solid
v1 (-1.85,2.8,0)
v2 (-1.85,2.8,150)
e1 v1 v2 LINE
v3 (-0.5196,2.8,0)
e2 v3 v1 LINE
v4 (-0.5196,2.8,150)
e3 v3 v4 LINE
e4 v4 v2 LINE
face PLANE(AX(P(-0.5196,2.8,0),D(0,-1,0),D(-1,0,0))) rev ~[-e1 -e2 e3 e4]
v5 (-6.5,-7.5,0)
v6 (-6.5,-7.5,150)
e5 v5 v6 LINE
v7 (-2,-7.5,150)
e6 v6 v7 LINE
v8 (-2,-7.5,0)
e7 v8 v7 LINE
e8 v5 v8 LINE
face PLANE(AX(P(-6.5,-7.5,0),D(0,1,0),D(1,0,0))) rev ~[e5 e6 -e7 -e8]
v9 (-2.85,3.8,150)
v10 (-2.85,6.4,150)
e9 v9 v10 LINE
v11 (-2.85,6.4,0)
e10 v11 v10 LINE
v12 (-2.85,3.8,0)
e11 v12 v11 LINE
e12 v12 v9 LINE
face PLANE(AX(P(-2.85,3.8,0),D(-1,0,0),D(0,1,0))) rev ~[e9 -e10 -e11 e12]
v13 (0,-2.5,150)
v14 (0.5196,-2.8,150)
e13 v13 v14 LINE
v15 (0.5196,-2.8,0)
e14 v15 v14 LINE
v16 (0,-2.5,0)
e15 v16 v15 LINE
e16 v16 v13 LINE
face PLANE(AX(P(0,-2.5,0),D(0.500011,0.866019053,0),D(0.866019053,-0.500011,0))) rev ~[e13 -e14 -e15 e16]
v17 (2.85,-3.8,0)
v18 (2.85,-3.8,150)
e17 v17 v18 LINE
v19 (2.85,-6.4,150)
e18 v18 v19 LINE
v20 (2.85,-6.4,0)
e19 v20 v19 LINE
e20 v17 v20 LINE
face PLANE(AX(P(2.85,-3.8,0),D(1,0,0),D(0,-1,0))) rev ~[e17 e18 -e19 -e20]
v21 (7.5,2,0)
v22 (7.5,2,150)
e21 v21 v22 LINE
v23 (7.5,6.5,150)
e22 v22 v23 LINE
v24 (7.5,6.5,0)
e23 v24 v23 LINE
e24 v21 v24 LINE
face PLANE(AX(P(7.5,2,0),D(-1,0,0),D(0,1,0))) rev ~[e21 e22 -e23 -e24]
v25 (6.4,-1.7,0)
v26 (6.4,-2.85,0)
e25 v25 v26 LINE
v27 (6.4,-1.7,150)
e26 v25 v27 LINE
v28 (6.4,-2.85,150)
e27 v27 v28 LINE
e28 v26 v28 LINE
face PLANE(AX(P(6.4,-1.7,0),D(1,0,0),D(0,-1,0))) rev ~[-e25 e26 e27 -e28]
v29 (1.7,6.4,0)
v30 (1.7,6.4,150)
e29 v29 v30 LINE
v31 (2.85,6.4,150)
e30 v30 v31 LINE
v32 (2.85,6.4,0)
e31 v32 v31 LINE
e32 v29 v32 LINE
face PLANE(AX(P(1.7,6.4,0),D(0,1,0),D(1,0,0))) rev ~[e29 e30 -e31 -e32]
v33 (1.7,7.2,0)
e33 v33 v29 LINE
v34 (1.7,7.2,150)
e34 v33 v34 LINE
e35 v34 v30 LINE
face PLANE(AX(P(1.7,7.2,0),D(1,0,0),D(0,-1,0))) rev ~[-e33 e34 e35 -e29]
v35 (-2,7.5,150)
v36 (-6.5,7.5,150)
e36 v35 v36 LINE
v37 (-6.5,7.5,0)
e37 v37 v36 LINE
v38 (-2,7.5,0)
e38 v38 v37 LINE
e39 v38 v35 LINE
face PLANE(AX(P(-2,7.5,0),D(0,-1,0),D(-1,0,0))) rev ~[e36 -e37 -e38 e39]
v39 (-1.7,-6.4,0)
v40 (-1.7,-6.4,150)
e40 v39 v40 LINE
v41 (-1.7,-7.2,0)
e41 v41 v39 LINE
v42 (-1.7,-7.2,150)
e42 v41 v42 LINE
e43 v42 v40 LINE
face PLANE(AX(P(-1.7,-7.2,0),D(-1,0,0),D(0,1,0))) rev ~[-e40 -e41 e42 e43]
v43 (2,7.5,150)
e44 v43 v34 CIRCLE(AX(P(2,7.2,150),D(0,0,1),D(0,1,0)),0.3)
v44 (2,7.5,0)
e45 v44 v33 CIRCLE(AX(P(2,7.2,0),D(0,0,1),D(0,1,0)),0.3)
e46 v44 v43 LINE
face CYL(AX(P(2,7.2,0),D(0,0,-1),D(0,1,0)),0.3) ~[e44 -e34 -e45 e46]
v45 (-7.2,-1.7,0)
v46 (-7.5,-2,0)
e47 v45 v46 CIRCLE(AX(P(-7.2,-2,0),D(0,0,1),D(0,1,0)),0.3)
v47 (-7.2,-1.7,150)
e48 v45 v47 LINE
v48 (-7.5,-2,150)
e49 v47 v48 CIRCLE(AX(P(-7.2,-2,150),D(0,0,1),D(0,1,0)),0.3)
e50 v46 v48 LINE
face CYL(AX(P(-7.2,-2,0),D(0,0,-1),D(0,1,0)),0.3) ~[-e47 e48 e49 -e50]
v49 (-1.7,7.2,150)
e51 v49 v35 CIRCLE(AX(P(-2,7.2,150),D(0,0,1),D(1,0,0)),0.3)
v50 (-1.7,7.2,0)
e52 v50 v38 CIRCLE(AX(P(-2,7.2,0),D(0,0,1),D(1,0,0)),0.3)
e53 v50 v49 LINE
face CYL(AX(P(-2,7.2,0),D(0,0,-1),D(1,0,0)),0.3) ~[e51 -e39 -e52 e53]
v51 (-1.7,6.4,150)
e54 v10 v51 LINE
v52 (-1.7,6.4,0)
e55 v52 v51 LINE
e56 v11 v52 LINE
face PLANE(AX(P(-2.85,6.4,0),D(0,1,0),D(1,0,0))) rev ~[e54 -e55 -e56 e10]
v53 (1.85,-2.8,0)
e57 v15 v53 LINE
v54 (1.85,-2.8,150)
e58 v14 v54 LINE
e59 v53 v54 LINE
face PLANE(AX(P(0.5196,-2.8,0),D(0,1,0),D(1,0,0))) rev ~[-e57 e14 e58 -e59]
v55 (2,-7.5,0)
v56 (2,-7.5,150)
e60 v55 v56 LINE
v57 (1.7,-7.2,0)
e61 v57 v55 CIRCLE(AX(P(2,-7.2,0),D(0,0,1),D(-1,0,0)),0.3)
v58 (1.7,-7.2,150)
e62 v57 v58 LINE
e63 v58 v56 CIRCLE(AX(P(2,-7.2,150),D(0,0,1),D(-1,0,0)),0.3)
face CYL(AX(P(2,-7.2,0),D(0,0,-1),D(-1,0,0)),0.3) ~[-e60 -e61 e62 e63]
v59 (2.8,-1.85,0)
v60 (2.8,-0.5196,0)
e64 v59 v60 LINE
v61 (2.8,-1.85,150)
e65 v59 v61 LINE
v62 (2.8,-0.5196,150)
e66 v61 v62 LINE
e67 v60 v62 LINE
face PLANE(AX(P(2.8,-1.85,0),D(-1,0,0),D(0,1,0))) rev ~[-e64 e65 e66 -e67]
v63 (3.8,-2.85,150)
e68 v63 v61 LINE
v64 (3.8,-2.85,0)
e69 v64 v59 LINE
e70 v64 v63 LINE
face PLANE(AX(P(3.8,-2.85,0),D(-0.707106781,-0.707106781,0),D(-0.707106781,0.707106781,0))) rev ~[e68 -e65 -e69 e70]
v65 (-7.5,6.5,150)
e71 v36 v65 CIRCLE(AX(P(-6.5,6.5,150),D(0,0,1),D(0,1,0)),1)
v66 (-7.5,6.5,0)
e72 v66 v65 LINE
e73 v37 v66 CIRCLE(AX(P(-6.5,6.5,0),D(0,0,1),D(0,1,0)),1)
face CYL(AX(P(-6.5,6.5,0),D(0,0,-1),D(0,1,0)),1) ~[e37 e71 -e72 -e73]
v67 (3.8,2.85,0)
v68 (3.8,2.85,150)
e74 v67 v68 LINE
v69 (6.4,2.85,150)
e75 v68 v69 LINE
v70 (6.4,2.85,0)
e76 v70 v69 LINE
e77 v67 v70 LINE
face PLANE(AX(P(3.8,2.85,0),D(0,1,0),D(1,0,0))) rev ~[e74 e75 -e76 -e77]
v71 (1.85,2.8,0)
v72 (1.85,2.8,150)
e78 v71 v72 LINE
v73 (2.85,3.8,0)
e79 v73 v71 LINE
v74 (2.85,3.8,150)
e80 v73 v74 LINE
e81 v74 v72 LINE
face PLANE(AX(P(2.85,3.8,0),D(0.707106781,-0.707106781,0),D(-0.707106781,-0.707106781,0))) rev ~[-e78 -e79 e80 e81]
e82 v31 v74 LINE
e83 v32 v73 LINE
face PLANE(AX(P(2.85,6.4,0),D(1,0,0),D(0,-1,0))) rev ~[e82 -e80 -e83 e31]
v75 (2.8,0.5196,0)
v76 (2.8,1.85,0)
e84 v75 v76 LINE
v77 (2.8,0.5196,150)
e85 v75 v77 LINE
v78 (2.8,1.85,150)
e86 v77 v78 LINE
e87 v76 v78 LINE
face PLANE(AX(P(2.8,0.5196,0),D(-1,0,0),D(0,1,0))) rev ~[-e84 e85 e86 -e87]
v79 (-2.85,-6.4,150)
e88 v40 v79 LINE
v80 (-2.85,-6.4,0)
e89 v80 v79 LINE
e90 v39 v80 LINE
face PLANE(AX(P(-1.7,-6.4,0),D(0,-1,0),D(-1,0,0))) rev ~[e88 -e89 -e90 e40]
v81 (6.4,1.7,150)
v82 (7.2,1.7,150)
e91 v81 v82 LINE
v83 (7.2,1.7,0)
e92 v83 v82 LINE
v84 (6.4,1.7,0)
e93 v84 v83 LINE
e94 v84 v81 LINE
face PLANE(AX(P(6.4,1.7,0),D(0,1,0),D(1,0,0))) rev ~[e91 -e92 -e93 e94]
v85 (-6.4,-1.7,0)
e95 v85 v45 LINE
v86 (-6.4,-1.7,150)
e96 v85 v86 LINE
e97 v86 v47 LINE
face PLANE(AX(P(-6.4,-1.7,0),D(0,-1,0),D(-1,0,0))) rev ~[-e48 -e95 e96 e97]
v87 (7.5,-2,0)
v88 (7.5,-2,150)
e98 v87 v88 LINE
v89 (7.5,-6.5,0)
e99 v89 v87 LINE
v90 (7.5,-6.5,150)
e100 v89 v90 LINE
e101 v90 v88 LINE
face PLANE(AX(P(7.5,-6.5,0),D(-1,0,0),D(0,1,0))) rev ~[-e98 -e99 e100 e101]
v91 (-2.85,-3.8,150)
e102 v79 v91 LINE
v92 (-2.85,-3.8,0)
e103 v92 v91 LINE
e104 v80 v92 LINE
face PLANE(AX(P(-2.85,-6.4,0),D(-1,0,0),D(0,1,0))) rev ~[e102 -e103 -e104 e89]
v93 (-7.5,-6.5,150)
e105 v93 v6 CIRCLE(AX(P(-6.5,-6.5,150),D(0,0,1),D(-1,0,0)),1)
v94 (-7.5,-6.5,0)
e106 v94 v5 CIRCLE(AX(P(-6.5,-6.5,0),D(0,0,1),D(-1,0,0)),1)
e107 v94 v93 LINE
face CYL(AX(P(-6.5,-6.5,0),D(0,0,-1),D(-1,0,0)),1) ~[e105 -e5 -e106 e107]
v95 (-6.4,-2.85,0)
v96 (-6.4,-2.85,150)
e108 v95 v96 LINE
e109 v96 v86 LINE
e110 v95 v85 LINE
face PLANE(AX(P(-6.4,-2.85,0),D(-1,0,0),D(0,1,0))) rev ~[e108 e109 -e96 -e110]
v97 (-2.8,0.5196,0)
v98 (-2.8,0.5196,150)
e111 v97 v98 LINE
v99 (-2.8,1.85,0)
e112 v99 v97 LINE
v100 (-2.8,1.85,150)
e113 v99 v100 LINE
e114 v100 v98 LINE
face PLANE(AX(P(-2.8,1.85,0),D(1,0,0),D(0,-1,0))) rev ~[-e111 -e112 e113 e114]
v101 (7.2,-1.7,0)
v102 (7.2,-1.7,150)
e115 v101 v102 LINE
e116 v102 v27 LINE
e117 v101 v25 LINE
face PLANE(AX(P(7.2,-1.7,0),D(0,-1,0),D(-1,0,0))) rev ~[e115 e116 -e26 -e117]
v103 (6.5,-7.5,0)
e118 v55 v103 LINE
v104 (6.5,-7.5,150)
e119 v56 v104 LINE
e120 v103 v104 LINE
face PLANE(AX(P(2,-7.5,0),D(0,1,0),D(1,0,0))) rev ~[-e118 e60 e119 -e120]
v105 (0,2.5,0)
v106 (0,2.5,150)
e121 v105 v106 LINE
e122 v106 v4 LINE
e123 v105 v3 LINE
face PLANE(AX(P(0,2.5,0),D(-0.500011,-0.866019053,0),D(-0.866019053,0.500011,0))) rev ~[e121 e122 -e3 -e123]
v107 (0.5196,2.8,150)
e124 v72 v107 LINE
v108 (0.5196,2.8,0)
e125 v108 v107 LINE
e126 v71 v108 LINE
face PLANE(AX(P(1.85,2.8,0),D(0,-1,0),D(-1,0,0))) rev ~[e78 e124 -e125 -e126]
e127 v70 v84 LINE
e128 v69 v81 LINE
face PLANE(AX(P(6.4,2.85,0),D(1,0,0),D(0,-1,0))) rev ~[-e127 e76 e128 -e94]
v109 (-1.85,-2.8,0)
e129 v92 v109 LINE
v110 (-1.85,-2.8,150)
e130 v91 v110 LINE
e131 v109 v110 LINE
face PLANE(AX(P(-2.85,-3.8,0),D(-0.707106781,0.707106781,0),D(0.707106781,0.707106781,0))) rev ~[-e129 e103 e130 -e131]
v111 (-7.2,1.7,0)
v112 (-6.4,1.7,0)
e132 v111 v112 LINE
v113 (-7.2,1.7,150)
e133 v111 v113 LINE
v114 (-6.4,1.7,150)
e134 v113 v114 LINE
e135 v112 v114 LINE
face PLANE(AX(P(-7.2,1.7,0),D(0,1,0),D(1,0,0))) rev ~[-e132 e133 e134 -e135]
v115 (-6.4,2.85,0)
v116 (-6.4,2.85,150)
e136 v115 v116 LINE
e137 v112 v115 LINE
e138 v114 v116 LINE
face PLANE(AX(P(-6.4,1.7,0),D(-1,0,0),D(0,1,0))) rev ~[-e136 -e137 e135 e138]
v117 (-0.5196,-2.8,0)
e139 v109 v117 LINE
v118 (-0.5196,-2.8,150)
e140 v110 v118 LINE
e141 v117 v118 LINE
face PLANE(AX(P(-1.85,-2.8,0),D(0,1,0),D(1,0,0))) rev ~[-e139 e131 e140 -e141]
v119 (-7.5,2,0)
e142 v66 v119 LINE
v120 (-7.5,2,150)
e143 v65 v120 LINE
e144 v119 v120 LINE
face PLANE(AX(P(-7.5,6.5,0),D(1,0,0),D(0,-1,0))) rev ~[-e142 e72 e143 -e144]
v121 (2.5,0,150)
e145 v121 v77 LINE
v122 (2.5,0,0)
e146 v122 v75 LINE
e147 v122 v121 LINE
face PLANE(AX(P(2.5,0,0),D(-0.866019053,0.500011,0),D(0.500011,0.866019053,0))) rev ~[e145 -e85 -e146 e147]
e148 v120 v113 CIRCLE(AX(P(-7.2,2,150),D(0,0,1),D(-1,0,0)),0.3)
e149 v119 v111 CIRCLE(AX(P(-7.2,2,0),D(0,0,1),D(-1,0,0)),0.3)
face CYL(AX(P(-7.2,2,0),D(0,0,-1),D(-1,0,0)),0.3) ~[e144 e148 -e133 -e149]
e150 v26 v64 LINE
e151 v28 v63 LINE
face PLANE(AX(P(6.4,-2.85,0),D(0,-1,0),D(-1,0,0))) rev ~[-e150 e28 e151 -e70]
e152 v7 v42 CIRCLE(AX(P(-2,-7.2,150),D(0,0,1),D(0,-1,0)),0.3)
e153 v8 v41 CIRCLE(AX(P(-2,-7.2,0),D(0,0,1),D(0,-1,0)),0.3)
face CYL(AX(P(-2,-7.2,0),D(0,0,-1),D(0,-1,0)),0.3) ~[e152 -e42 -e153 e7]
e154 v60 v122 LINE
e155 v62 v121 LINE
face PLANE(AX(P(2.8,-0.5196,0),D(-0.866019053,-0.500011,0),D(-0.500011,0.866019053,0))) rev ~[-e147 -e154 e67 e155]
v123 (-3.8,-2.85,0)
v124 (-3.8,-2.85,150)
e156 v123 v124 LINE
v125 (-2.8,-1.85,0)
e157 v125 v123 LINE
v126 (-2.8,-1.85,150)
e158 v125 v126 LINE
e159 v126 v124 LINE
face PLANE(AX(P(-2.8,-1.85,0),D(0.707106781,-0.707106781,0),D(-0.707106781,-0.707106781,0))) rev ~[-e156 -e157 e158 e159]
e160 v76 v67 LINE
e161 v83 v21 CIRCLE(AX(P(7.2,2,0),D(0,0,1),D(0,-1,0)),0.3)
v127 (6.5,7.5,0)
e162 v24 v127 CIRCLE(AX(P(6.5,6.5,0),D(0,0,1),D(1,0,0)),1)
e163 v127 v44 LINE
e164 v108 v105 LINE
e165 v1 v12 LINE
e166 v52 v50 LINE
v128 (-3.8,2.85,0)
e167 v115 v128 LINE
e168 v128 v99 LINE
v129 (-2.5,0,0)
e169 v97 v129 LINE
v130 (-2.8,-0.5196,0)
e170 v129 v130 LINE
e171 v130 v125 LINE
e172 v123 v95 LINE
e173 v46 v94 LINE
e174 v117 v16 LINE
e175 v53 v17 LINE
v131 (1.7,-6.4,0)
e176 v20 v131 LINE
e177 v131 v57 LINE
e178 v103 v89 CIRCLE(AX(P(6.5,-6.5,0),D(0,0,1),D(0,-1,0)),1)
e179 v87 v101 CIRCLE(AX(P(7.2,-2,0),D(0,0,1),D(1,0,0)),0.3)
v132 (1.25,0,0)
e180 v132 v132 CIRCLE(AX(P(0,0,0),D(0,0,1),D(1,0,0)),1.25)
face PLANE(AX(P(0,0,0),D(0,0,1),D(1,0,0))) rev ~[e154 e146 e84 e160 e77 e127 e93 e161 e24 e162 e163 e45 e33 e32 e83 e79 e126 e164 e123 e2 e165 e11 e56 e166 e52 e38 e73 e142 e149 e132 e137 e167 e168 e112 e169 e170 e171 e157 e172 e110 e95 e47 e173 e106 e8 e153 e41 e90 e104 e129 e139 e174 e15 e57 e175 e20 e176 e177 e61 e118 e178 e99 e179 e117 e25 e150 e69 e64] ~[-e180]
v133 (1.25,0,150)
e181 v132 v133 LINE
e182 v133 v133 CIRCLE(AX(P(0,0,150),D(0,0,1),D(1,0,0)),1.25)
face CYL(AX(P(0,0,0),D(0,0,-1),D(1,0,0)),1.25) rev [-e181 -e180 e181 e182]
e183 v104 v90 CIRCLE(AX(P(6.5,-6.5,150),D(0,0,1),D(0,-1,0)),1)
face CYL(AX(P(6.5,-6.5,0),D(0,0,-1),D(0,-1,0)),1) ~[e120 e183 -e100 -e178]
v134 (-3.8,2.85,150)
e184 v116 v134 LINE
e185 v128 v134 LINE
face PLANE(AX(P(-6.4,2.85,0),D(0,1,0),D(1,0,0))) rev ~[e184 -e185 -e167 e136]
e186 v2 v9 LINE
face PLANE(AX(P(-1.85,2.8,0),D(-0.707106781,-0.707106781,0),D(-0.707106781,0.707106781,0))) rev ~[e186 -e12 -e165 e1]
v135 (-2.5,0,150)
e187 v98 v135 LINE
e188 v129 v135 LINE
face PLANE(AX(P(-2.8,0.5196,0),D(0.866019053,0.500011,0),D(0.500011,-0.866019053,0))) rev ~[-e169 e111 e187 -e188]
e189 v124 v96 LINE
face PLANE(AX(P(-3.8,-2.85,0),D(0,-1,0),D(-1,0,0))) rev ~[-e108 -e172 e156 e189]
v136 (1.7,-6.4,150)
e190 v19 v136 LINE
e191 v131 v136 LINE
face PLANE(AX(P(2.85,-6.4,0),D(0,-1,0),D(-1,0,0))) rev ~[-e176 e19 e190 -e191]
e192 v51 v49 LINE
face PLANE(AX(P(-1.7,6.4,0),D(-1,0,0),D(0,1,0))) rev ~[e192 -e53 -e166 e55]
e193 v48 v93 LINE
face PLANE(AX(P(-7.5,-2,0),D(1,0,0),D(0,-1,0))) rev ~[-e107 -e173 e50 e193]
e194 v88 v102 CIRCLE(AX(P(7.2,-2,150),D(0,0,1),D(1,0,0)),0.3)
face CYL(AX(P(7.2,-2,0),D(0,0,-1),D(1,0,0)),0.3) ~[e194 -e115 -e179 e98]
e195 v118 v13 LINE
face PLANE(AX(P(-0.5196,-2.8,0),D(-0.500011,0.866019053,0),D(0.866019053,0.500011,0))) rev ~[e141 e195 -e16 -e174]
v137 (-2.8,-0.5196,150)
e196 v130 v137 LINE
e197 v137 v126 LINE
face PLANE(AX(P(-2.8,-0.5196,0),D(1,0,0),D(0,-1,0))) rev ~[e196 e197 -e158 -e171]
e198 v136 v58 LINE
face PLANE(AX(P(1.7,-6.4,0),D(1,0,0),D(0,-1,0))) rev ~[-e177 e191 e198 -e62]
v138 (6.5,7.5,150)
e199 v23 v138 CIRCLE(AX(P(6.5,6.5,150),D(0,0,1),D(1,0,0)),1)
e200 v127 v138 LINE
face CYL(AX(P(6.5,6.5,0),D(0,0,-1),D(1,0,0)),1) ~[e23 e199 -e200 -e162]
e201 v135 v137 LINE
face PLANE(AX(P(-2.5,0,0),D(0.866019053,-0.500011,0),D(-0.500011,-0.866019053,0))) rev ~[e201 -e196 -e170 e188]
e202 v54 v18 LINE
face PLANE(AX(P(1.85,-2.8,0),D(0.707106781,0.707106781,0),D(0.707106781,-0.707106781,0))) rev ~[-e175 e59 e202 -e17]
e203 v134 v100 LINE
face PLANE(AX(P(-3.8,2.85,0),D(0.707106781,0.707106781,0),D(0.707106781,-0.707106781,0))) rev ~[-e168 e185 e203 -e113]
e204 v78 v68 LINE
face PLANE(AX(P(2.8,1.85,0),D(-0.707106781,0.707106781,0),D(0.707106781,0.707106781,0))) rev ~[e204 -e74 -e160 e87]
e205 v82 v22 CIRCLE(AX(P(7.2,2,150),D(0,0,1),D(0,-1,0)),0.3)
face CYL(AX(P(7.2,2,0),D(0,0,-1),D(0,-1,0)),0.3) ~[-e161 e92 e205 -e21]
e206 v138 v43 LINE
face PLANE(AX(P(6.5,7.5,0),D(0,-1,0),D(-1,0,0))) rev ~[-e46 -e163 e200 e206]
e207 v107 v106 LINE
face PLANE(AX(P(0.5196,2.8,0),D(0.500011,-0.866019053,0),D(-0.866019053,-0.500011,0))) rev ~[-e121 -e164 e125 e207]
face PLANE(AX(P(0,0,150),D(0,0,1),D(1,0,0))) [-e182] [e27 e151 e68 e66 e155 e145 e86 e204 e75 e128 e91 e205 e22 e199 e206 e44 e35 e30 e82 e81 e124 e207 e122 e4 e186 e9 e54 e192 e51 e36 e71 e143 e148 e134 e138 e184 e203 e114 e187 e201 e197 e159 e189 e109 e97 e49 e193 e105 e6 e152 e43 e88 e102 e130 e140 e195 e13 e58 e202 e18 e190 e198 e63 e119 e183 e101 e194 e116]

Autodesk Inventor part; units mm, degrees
ref_plane "YZ Plane" through (0, 0, 0) normal (1, 0, 0) x (0, 1, 0)
ref_plane "XZ Plane" through (0, 0, 0) normal (0, 1, 0) x (-1, 0, 0)
ref_plane "XY Plane" through (0, 0, 0) normal (0, 0, 1) x (1, 0, 0)
sketch "Sketch_1" plane through (0, 0, 0) normal (0, 0, 1) x (1, 0, 0)
  arc A0 (-7.5, 2) -> (-7.2, 1.7) centre (-7.2, 2) ccw
  line L0 (-7.2, 1.7) -> (-6.4, 1.7)
  line L1 (-6.4, 1.7) -> (-6.4, 2.85)
  line L2 (-6.4, 2.85) -> (-3.8, 2.85)
  line L3 (-3.8, 2.85) -> (-2.8, 1.85)
  line L4 (-2.8, 1.85) -> (-2.8, 0.5196)
  line L5 (-2.8, 0.5196) -> (-2.5, 0)
  line L6 (-2.5, 0) -> (-2.8, -0.5196)
  line L7 (-2.8, -0.5196) -> (-2.8, -1.85)
  line L8 (-2.8, -1.85) -> (-3.8, -2.85)
  line L9 (-3.8, -2.85) -> (-6.4, -2.85)
  line L10 (-6.4, -2.85) -> (-6.4, -1.7)
  line L11 (-6.4, -1.7) -> (-7.2, -1.7)
  arc A1 (-7.2, -1.7) -> (-7.5, -2) centre (-7.2, -2) ccw
  line L12 (-7.5, -2) -> (-7.5, -6.5)
  arc A2 (-7.5, -6.5) -> (-6.5, -7.5) centre (-6.5, -6.5) ccw
  line L13 (-6.5, -7.5) -> (-2, -7.5)
  arc A3 (-2, -7.5) -> (-1.7, -7.2) centre (-2, -7.2) ccw
  line L14 (-1.7, -7.2) -> (-1.7, -6.4)
  line L15 (-1.7, -6.4) -> (-2.85, -6.4)
  line L16 (-2.85, -6.4) -> (-2.85, -3.8)
  line L17 (-2.85, -3.8) -> (-1.85, -2.8)
  line L18 (-1.85, -2.8) -> (-0.5196, -2.8)
  line L19 (-0.5196, -2.8) -> (0, -2.5)
  line L20 (0, -2.5) -> (0.5196, -2.8)
  line L21 (0.5196, -2.8) -> (1.85, -2.8)
  line L22 (1.85, -2.8) -> (2.85, -3.8)
  line L23 (2.85, -3.8) -> (2.85, -6.4)
  line L24 (2.85, -6.4) -> (1.7, -6.4)
  line L25 (1.7, -6.4) -> (1.7, -7.2)
  arc A4 (1.7, -7.2) -> (2, -7.5) centre (2, -7.2) ccw
  line L26 (2, -7.5) -> (6.5, -7.5)
  arc A5 (6.5, -7.5) -> (7.5, -6.5) centre (6.5, -6.5) ccw
  line L27 (7.5, -6.5) -> (7.5, -2)
  arc A6 (7.5, -2) -> (7.2, -1.7) centre (7.2, -2) ccw
  line L28 (7.2, -1.7) -> (6.4, -1.7)
  line L29 (6.4, -1.7) -> (6.4, -2.85)
  line L30 (6.4, -2.85) -> (3.8, -2.85)
  line L31 (3.8, -2.85) -> (2.8, -1.85)
  line L32 (2.8, -1.85) -> (2.8, -0.5196)
  line L33 (2.8, -0.5196) -> (2.5, 0)
  line L34 (2.5, 0) -> (2.8, 0.5196)
  line L35 (2.8, 0.5196) -> (2.8, 1.85)
  line L36 (2.8, 1.85) -> (3.8, 2.85)
  line L37 (3.8, 2.85) -> (6.4, 2.85)
  line L38 (6.4, 2.85) -> (6.4, 1.7)
  line L39 (6.4, 1.7) -> (7.2, 1.7)
  arc A7 (7.2, 1.7) -> (7.5, 2) centre (7.2, 2) ccw
  line L40 (7.5, 2) -> (7.5, 6.5)
  arc A8 (7.5, 6.5) -> (6.5, 7.5) centre (6.5, 6.5) ccw
  line L41 (6.5, 7.5) -> (2, 7.5)
  arc A9 (2, 7.5) -> (1.7, 7.2) centre (2, 7.2) ccw
  line L42 (1.7, 7.2) -> (1.7, 6.4)
  line L43 (1.7, 6.4) -> (2.85, 6.4)
  line L44 (2.85, 6.4) -> (2.85, 3.8)
  line L45 (2.85, 3.8) -> (1.85, 2.8)
  line L46 (1.85, 2.8) -> (0.5196, 2.8)
  line L47 (0.5196, 2.8) -> (0, 2.5)
  line L48 (0, 2.5) -> (-0.5196, 2.8)
  line L49 (-0.5196, 2.8) -> (-1.85, 2.8)
  line L50 (-1.85, 2.8) -> (-2.85, 3.8)
  line L51 (-2.85, 3.8) -> (-2.85, 6.4)
  line L52 (-2.85, 6.4) -> (-1.7, 6.4)
  line L53 (-1.7, 6.4) -> (-1.7, 7.2)
  arc A10 (-1.7, 7.2) -> (-2, 7.5) centre (-2, 7.2) ccw
  line L54 (-2, 7.5) -> (-6.5, 7.5)
  arc A11 (-6.5, 7.5) -> (-7.5, 6.5) centre (-6.5, 6.5) ccw
  line L55 (-7.5, 6.5) -> (-7.5, 2)
  circle A12 centre (0, 0) radius 1.25
extrude "Extrusion1" add sketch "Sketch_1" along normal blind 150
equation "\"d0\" = L"
equation "\"L\" = 150"
properties part number "HFS3-1515-150" material "アルミニウム 6061"
